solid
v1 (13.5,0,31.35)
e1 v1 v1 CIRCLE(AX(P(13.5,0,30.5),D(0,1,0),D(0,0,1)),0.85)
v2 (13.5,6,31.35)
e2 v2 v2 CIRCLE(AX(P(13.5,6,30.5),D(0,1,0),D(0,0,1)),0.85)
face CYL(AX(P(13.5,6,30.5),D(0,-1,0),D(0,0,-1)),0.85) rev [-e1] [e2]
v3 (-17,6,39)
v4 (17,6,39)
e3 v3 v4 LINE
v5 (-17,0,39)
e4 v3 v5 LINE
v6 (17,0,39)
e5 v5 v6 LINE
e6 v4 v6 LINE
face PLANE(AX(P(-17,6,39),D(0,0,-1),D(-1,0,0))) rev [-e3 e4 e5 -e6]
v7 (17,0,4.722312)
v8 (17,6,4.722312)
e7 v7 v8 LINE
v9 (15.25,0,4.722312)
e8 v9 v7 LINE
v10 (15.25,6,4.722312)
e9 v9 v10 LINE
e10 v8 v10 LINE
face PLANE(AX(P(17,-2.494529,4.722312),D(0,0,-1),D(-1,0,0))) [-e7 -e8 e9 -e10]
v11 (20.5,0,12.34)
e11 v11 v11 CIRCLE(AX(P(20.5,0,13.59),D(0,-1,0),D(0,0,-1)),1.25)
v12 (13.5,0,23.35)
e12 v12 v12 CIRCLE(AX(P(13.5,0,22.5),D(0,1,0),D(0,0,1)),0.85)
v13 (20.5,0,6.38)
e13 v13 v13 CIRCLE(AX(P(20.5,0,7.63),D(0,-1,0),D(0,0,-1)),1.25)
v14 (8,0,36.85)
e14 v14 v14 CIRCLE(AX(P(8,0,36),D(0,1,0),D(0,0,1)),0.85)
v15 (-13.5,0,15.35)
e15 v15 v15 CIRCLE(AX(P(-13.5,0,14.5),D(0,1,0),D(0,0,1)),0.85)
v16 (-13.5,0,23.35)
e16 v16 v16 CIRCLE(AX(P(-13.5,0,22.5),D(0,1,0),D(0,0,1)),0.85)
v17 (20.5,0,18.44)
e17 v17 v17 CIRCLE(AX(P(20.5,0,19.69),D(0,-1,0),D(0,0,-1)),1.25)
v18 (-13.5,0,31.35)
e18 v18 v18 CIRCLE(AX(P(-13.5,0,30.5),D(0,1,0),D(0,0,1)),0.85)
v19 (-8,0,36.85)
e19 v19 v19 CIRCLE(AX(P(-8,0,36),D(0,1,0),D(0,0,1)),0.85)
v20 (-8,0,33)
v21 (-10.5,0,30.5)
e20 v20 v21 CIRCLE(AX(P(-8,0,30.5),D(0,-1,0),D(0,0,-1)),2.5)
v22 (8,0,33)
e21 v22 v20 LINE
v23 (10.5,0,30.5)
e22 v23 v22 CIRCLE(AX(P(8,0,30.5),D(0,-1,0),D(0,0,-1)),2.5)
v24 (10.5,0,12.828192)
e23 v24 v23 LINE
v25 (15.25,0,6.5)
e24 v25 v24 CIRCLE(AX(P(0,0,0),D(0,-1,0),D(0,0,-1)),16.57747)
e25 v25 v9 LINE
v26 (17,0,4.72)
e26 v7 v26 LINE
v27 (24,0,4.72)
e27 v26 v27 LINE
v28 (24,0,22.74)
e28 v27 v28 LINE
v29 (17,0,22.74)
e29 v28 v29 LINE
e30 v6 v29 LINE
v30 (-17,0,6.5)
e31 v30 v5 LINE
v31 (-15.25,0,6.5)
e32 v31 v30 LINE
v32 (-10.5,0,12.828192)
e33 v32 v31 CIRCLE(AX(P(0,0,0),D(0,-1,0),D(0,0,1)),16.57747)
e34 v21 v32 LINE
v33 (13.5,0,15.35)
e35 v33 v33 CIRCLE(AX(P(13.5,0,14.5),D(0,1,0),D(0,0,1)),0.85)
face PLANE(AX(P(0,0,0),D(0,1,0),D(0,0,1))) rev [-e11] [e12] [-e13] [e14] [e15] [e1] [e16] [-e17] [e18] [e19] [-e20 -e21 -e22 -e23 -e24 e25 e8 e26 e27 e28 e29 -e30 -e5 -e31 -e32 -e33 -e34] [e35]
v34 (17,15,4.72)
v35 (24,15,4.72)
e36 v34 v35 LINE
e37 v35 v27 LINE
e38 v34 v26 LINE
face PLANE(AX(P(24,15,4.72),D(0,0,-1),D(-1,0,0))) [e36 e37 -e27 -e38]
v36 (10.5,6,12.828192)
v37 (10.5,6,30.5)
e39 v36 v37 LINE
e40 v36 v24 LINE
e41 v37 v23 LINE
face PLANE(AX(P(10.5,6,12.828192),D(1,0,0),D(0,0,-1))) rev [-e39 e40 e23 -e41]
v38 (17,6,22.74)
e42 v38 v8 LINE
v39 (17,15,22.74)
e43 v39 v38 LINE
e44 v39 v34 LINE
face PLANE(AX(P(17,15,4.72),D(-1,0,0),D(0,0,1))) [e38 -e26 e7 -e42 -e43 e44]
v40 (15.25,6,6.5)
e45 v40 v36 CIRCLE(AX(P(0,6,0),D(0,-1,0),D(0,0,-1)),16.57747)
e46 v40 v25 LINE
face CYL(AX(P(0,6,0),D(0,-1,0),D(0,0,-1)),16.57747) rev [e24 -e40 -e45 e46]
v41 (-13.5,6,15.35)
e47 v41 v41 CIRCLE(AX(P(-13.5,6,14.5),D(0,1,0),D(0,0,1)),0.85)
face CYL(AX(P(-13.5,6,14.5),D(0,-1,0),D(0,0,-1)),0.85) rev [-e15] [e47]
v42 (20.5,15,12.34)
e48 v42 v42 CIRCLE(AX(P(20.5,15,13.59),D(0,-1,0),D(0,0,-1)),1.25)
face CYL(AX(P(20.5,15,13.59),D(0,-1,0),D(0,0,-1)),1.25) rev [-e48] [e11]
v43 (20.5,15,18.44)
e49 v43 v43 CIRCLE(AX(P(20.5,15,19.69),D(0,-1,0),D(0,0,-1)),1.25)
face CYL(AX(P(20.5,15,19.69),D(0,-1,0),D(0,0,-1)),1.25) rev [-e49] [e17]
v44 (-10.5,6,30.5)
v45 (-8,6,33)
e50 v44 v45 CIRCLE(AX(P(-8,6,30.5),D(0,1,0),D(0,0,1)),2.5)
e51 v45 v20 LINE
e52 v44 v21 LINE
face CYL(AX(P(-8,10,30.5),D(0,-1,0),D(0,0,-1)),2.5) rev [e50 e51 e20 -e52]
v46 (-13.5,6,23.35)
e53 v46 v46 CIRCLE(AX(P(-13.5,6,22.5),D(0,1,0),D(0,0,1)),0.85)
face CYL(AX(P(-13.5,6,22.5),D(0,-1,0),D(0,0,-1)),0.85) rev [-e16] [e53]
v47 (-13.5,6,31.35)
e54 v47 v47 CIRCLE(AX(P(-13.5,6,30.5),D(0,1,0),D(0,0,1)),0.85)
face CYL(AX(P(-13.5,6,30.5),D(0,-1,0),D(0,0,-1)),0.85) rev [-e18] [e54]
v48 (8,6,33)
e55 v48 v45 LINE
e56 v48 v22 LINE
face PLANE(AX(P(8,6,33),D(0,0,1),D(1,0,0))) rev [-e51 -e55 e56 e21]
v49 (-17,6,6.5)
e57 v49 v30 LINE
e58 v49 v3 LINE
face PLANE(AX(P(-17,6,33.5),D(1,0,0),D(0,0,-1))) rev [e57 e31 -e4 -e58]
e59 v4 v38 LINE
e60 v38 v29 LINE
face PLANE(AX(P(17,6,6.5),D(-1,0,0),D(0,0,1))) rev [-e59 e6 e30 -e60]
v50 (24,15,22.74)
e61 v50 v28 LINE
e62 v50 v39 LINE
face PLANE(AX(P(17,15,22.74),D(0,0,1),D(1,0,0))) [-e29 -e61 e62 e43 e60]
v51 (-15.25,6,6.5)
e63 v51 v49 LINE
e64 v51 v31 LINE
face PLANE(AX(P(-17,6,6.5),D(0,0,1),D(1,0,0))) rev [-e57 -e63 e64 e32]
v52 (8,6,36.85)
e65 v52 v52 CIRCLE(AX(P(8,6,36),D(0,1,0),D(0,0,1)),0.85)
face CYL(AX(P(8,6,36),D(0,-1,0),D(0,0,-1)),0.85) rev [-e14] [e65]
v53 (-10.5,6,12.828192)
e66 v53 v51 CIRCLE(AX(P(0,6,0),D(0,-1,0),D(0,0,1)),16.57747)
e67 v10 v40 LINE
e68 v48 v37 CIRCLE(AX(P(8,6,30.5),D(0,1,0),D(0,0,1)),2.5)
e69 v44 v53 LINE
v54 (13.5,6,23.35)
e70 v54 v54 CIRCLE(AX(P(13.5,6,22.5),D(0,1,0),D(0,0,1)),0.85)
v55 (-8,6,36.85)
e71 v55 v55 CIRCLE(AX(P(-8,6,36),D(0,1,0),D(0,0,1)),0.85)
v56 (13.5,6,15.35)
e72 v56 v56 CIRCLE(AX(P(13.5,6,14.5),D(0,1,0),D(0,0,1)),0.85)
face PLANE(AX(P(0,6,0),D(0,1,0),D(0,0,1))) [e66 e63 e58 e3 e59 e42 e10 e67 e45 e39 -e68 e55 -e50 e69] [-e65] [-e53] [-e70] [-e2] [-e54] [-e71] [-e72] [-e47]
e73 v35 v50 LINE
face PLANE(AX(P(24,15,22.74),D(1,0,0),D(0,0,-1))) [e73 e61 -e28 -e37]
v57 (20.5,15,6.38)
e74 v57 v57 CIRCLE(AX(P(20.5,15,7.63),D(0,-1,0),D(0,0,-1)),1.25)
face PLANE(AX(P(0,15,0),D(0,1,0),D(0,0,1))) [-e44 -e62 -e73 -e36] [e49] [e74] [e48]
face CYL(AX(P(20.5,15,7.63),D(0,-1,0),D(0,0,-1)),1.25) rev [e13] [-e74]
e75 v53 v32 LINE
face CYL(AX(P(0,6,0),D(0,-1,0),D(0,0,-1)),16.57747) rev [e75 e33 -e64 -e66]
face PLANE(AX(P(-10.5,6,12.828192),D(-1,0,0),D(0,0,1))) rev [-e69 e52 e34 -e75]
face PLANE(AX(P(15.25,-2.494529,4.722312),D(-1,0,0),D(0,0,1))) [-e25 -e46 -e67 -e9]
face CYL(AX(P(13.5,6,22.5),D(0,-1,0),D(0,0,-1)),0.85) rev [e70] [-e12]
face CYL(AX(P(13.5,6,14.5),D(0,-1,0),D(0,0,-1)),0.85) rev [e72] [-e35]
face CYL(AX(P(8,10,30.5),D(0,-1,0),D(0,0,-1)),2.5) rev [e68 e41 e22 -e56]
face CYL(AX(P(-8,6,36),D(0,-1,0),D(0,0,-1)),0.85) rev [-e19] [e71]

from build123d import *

# Parameters (mm, degrees)
SKETCH1_R           = 0.85
BOSS_EXTRUDE1_DEPTH = 6
BOSS_EXTRUDE2_DEPTH = 15
SKETCH4_R           = 1.25
CUT_EXTRUDE2_DEPTH  = 49.187135213
CUT_EXTRUDE3_DEPTH  = 10
SKETCH7_W           = 1.75
SKETCH7_H           = 1.777688456
BOSS_EXTRUDE4_DEPTH = 6


with BuildPart() as part:
    # Sketch1 → Boss-Extrude1 (new body)
    with BuildSketch(Plane(origin=(0, 0, 0), x_dir=(1, 0, 0), z_dir=(0, 1, 0))):
        with BuildLine():
            Line((-17, -6.5), (-17, -33.5))
            Line((-17, -33.5), (-17, -39))
            Line((-17, -39), (17, -39))
            Line((17, -39), (17, -33.5))
            Line((17, -33.5), (17, -6.5))
            Line((17, -6.5), (15.25, -6.5))
            ThreePointArc((15.25, -6.5), (13.258096668, -9.951651759), (10.5, -12.828191611))
            Line((10.5, -12.828191611), (10.5, -30.5))
            Line((10.5, -30.5), (8, -30.5))
            Line((8, -30.5), (8, -33))
            Line((8, -33), (-8, -33))
            Line((-8, -33), (-8, -30.5))
            Line((-8, -30.5), (-10.5, -30.5))
            Line((-10.5, -30.5), (-10.5, -12.828191611))
            ThreePointArc((-10.5, -12.828191611), (-13.258096668, -9.951651759), (-15.25, -6.5))
            Line((-15.25, -6.5), (-17, -6.5))
        make_face()
        with Locations(Location((-13.5, -30.5, 0), (0, 0, 270))):
            Circle(SKETCH1_R, mode=Mode.SUBTRACT)
        with Locations(Location((-13.5, -22.5, 0), (0, 0, 270))):
            Circle(SKETCH1_R, mode=Mode.SUBTRACT)
        with Locations(Location((-13.5, -14.5, 0), (0, 0, 270))):
            Circle(SKETCH1_R, mode=Mode.SUBTRACT)
        with Locations(Location((-8, -36, 0), (0, 0, 270))):
            Circle(SKETCH1_R, mode=Mode.SUBTRACT)
        with Locations(Location((8, -36, 0), (0, 0, 270))):
            Circle(SKETCH1_R, mode=Mode.SUBTRACT)
        with Locations(Location((13.5, -30.5, 0), (0, 0, 270))):
            Circle(SKETCH1_R, mode=Mode.SUBTRACT)
        with Locations(Location((13.5, -22.5, 0), (0, 0, 270))):
            Circle(SKETCH1_R, mode=Mode.SUBTRACT)
        with Locations(Location((13.5, -14.5, 0), (0, 0, 270))):
            Circle(SKETCH1_R, mode=Mode.SUBTRACT)
    extrude(amount=BOSS_EXTRUDE1_DEPTH)

    # Sketch3 → Boss-Extrude2 (add)
    with BuildSketch(Plane.XZ):
        Polygon((17, 22.74), (24, 22.74), (24, 4.72), (17, 4.72), (17, 7.901808389), align=None)
    extrude(amount=-BOSS_EXTRUDE2_DEPTH)

    # Sketch4 → Cut-Extrude2 (cut, through all)
    with BuildSketch(Plane.XZ):
        with Locations(Location((20.5, 7.63, 0), (0, 0, 270))):
            Circle(SKETCH4_R)
        with Locations(Location((20.5, 13.59, 0), (0, 0, 270))):
            Circle(SKETCH4_R)
        with Locations(Location((20.5, 19.69, 0), (0, 0, 270))):
            Circle(SKETCH4_R)
    extrude(amount=-CUT_EXTRUDE2_DEPTH, mode=Mode.SUBTRACT)

    # Sketch5 → Cut-Extrude3 (cut)
    with BuildSketch(Plane.XZ):
        with BuildLine():
            Line((8, 33), (-8, 33))
            ThreePointArc((-8, 33), (-9.767766953, 32.267766953), (-10.5, 30.5))
            Line((-10.5, 30.5), (10.5, 30.5))
            ThreePointArc((10.5, 30.5), (9.767766953, 32.267766953), (8, 33))
        make_face()
    extrude(amount=-CUT_EXTRUDE3_DEPTH, mode=Mode.SUBTRACT)

    # Sketch7 → Boss-Extrude4 (add)
    with BuildSketch(Plane(origin=(0, 6, 0), x_dir=(1, 0, 0), z_dir=(0, 1, 0))):
        with Locations((16.125, -5.611155772)):
            Rectangle(SKETCH7_W, SKETCH7_H)
    extrude(amount=-BOSS_EXTRUDE4_DEPTH)


solid = part.part
